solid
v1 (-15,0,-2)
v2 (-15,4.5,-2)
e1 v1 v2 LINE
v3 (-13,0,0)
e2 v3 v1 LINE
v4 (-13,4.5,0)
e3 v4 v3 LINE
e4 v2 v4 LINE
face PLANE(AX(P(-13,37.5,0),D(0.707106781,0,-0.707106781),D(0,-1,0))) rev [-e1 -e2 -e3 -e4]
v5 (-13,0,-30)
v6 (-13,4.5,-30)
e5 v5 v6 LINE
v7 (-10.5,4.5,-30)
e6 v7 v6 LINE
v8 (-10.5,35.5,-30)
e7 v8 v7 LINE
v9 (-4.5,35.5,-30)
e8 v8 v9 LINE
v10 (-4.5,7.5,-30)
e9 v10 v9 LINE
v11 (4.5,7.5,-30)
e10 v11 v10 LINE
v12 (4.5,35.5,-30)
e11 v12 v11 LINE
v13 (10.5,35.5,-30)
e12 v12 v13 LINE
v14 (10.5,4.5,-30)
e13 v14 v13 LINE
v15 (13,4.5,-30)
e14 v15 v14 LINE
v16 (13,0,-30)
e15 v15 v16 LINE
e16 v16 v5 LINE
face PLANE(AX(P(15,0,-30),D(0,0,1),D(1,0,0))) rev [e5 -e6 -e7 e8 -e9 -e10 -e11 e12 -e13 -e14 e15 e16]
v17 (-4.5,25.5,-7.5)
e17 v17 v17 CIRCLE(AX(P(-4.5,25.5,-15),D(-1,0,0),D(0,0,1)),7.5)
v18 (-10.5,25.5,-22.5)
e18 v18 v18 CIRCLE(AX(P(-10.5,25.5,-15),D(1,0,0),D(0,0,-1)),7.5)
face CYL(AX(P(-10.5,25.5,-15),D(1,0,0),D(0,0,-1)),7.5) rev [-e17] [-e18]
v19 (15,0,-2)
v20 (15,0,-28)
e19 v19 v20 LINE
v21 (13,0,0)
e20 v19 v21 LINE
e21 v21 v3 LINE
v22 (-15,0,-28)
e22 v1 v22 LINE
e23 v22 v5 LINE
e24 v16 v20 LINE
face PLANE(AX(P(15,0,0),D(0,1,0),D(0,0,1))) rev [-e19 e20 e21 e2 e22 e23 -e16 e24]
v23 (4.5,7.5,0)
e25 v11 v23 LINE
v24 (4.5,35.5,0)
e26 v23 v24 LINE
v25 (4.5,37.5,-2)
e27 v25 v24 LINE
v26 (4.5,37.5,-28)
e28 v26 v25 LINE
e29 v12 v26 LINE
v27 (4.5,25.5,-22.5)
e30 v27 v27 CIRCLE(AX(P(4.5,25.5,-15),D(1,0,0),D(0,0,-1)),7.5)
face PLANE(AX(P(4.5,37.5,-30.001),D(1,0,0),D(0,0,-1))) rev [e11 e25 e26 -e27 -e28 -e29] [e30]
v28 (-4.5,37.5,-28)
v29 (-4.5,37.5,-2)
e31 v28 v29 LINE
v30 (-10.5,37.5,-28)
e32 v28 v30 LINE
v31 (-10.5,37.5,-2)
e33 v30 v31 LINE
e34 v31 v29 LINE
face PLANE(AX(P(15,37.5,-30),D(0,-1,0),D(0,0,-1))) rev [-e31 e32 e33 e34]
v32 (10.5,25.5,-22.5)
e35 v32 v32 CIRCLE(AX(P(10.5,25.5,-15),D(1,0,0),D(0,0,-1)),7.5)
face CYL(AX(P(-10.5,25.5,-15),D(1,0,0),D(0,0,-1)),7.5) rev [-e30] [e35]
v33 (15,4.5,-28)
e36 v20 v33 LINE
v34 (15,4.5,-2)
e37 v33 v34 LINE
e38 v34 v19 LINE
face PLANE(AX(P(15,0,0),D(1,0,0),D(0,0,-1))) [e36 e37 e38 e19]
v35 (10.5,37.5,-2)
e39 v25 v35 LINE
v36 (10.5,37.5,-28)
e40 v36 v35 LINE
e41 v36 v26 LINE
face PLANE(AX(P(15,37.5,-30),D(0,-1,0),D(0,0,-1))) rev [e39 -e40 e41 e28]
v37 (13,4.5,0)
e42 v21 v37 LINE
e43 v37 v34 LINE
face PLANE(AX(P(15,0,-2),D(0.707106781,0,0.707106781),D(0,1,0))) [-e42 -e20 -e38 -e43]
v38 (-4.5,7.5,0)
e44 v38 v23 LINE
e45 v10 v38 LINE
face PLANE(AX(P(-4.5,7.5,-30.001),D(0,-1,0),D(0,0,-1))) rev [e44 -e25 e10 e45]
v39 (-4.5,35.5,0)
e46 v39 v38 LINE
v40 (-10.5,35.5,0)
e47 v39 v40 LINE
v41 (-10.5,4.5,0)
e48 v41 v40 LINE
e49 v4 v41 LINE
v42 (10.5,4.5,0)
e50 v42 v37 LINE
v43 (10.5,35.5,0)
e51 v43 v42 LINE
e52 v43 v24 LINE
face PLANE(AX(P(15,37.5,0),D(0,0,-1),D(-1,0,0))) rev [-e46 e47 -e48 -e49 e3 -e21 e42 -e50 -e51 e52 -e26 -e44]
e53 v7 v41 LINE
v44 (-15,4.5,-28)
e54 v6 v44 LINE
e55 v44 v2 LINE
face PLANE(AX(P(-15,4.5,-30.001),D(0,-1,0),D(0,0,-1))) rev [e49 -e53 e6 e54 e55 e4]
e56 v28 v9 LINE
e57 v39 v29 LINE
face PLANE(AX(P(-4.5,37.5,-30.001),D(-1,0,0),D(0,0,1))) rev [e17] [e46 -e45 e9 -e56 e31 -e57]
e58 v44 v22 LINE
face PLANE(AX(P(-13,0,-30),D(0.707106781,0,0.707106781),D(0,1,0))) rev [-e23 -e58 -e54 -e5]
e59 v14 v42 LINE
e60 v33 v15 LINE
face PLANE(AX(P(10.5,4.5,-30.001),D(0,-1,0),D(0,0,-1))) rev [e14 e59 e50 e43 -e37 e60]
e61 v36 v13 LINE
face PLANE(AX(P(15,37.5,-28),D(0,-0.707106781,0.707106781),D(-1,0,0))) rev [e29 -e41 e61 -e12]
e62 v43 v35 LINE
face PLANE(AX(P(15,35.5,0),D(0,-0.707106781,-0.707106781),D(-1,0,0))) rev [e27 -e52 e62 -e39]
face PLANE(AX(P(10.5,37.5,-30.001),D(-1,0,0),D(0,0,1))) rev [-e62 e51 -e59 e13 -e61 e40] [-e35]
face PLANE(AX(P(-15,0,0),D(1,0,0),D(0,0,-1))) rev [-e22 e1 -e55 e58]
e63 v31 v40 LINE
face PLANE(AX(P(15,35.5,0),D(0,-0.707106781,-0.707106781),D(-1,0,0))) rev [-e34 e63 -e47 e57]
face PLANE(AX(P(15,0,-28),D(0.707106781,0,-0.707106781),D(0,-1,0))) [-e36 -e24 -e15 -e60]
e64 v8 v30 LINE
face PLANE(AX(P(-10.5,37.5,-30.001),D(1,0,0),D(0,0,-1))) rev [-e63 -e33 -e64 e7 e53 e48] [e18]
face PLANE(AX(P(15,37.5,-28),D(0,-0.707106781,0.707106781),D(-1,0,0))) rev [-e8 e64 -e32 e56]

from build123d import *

# Parameters (mm, degrees)
SKETCH_1_W          = 30
SKETCH_1_H          = 37.5
EXTRUDE_1_DEPTH     = 15
CHAMFER_1_SIZE      = 2
CUT_EXTRUDE_1_REACH = 32
SKETCH_2_W          = 4.5
SKETCH_2_H          = 33
SKETCH_2_W_2        = 9
SKETCH_2_H_2        = 30
SKETCH_3_R          = 7.5
CUT_EXTRUDE_2_DEPTH = 10.5
CHAMFER_2_SIZE      = 2


with BuildPart() as part:
    # 스케치1 → 보스-돌출1 (new body, symmetric)
    with BuildSketch(Plane(origin=(0, 0, 0), x_dir=(0, 0, -1), z_dir=(1, 0, 0))):
        with Locations((15, 18.75)):
            Rectangle(SKETCH_1_W, SKETCH_1_H)
    extrude(amount=EXTRUDE_1_DEPTH, both=True)

    # 모따기1
    chamfer_1_edges = [part.edges().sort_by_distance(p)[0] for p in [
        (0, 37.5, 0),
        (0, 37.5, -30),
    ]]
    chamfer(chamfer_1_edges, length=CHAMFER_1_SIZE)

    # 스케치2 → 컷-돌출1 (cut, up to next)
    with BuildSketch(Plane.XY, mode=Mode.PRIVATE) as cut_extrude_1_sk1:
        with Locations((-12.75, 21)):
            Rectangle(SKETCH_2_W, SKETCH_2_H)
    cut_extrude_1_tool1 = extrude(cut_extrude_1_sk1.sketch, amount=-CUT_EXTRUDE_1_REACH, mode=Mode.PRIVATE) & part.part
    add(cut_extrude_1_tool1.solids().sort_by_distance((-12.75, 21, 0))[0], mode=Mode.SUBTRACT)
    # 스케치2 → 컷-돌출1 (cut, up to next)
    with BuildSketch(Plane.XY, mode=Mode.PRIVATE) as cut_extrude_1_sk2:
        with Locations((12.75, 21)):
            Rectangle(SKETCH_2_W, SKETCH_2_H)
    cut_extrude_1_tool2 = extrude(cut_extrude_1_sk2.sketch, amount=-CUT_EXTRUDE_1_REACH, mode=Mode.PRIVATE) & part.part
    add(cut_extrude_1_tool2.solids().sort_by_distance((12.75, 21, 0))[0], mode=Mode.SUBTRACT)
    # 스케치2 → 컷-돌출1 (cut, up to next)
    with BuildSketch(Plane.XY, mode=Mode.PRIVATE) as cut_extrude_1_sk3:
        with Locations((0, 22.5)):
            Rectangle(SKETCH_2_W_2, SKETCH_2_H_2)
    cut_extrude_1_tool3 = extrude(cut_extrude_1_sk3.sketch, amount=-CUT_EXTRUDE_1_REACH, mode=Mode.PRIVATE) & part.part
    add(cut_extrude_1_tool3.solids().sort_by_distance((0, 22.5, 0))[0], mode=Mode.SUBTRACT)

    # 스케치3 → 컷-돌출2 (cut, symmetric)
    with BuildSketch(Plane(origin=(0, 0, 0), x_dir=(0, 0, -1), z_dir=(1, 0, 0))):
        with Locations((15, 25.5)):
            Circle(SKETCH_3_R)
    extrude(amount=CUT_EXTRUDE_2_DEPTH, both=True, mode=Mode.SUBTRACT)

    # 모따기2
    chamfer_2_edges = [part.edges().sort_by_distance(p)[0] for p in [
        (15, 2.25, -30),
        (-15, 2.25, 0),
        (15, 2.25, 0),
        (-15, 2.25, -30),
    ]]
    chamfer(chamfer_2_edges, length=CHAMFER_2_SIZE)


solid = part.part
